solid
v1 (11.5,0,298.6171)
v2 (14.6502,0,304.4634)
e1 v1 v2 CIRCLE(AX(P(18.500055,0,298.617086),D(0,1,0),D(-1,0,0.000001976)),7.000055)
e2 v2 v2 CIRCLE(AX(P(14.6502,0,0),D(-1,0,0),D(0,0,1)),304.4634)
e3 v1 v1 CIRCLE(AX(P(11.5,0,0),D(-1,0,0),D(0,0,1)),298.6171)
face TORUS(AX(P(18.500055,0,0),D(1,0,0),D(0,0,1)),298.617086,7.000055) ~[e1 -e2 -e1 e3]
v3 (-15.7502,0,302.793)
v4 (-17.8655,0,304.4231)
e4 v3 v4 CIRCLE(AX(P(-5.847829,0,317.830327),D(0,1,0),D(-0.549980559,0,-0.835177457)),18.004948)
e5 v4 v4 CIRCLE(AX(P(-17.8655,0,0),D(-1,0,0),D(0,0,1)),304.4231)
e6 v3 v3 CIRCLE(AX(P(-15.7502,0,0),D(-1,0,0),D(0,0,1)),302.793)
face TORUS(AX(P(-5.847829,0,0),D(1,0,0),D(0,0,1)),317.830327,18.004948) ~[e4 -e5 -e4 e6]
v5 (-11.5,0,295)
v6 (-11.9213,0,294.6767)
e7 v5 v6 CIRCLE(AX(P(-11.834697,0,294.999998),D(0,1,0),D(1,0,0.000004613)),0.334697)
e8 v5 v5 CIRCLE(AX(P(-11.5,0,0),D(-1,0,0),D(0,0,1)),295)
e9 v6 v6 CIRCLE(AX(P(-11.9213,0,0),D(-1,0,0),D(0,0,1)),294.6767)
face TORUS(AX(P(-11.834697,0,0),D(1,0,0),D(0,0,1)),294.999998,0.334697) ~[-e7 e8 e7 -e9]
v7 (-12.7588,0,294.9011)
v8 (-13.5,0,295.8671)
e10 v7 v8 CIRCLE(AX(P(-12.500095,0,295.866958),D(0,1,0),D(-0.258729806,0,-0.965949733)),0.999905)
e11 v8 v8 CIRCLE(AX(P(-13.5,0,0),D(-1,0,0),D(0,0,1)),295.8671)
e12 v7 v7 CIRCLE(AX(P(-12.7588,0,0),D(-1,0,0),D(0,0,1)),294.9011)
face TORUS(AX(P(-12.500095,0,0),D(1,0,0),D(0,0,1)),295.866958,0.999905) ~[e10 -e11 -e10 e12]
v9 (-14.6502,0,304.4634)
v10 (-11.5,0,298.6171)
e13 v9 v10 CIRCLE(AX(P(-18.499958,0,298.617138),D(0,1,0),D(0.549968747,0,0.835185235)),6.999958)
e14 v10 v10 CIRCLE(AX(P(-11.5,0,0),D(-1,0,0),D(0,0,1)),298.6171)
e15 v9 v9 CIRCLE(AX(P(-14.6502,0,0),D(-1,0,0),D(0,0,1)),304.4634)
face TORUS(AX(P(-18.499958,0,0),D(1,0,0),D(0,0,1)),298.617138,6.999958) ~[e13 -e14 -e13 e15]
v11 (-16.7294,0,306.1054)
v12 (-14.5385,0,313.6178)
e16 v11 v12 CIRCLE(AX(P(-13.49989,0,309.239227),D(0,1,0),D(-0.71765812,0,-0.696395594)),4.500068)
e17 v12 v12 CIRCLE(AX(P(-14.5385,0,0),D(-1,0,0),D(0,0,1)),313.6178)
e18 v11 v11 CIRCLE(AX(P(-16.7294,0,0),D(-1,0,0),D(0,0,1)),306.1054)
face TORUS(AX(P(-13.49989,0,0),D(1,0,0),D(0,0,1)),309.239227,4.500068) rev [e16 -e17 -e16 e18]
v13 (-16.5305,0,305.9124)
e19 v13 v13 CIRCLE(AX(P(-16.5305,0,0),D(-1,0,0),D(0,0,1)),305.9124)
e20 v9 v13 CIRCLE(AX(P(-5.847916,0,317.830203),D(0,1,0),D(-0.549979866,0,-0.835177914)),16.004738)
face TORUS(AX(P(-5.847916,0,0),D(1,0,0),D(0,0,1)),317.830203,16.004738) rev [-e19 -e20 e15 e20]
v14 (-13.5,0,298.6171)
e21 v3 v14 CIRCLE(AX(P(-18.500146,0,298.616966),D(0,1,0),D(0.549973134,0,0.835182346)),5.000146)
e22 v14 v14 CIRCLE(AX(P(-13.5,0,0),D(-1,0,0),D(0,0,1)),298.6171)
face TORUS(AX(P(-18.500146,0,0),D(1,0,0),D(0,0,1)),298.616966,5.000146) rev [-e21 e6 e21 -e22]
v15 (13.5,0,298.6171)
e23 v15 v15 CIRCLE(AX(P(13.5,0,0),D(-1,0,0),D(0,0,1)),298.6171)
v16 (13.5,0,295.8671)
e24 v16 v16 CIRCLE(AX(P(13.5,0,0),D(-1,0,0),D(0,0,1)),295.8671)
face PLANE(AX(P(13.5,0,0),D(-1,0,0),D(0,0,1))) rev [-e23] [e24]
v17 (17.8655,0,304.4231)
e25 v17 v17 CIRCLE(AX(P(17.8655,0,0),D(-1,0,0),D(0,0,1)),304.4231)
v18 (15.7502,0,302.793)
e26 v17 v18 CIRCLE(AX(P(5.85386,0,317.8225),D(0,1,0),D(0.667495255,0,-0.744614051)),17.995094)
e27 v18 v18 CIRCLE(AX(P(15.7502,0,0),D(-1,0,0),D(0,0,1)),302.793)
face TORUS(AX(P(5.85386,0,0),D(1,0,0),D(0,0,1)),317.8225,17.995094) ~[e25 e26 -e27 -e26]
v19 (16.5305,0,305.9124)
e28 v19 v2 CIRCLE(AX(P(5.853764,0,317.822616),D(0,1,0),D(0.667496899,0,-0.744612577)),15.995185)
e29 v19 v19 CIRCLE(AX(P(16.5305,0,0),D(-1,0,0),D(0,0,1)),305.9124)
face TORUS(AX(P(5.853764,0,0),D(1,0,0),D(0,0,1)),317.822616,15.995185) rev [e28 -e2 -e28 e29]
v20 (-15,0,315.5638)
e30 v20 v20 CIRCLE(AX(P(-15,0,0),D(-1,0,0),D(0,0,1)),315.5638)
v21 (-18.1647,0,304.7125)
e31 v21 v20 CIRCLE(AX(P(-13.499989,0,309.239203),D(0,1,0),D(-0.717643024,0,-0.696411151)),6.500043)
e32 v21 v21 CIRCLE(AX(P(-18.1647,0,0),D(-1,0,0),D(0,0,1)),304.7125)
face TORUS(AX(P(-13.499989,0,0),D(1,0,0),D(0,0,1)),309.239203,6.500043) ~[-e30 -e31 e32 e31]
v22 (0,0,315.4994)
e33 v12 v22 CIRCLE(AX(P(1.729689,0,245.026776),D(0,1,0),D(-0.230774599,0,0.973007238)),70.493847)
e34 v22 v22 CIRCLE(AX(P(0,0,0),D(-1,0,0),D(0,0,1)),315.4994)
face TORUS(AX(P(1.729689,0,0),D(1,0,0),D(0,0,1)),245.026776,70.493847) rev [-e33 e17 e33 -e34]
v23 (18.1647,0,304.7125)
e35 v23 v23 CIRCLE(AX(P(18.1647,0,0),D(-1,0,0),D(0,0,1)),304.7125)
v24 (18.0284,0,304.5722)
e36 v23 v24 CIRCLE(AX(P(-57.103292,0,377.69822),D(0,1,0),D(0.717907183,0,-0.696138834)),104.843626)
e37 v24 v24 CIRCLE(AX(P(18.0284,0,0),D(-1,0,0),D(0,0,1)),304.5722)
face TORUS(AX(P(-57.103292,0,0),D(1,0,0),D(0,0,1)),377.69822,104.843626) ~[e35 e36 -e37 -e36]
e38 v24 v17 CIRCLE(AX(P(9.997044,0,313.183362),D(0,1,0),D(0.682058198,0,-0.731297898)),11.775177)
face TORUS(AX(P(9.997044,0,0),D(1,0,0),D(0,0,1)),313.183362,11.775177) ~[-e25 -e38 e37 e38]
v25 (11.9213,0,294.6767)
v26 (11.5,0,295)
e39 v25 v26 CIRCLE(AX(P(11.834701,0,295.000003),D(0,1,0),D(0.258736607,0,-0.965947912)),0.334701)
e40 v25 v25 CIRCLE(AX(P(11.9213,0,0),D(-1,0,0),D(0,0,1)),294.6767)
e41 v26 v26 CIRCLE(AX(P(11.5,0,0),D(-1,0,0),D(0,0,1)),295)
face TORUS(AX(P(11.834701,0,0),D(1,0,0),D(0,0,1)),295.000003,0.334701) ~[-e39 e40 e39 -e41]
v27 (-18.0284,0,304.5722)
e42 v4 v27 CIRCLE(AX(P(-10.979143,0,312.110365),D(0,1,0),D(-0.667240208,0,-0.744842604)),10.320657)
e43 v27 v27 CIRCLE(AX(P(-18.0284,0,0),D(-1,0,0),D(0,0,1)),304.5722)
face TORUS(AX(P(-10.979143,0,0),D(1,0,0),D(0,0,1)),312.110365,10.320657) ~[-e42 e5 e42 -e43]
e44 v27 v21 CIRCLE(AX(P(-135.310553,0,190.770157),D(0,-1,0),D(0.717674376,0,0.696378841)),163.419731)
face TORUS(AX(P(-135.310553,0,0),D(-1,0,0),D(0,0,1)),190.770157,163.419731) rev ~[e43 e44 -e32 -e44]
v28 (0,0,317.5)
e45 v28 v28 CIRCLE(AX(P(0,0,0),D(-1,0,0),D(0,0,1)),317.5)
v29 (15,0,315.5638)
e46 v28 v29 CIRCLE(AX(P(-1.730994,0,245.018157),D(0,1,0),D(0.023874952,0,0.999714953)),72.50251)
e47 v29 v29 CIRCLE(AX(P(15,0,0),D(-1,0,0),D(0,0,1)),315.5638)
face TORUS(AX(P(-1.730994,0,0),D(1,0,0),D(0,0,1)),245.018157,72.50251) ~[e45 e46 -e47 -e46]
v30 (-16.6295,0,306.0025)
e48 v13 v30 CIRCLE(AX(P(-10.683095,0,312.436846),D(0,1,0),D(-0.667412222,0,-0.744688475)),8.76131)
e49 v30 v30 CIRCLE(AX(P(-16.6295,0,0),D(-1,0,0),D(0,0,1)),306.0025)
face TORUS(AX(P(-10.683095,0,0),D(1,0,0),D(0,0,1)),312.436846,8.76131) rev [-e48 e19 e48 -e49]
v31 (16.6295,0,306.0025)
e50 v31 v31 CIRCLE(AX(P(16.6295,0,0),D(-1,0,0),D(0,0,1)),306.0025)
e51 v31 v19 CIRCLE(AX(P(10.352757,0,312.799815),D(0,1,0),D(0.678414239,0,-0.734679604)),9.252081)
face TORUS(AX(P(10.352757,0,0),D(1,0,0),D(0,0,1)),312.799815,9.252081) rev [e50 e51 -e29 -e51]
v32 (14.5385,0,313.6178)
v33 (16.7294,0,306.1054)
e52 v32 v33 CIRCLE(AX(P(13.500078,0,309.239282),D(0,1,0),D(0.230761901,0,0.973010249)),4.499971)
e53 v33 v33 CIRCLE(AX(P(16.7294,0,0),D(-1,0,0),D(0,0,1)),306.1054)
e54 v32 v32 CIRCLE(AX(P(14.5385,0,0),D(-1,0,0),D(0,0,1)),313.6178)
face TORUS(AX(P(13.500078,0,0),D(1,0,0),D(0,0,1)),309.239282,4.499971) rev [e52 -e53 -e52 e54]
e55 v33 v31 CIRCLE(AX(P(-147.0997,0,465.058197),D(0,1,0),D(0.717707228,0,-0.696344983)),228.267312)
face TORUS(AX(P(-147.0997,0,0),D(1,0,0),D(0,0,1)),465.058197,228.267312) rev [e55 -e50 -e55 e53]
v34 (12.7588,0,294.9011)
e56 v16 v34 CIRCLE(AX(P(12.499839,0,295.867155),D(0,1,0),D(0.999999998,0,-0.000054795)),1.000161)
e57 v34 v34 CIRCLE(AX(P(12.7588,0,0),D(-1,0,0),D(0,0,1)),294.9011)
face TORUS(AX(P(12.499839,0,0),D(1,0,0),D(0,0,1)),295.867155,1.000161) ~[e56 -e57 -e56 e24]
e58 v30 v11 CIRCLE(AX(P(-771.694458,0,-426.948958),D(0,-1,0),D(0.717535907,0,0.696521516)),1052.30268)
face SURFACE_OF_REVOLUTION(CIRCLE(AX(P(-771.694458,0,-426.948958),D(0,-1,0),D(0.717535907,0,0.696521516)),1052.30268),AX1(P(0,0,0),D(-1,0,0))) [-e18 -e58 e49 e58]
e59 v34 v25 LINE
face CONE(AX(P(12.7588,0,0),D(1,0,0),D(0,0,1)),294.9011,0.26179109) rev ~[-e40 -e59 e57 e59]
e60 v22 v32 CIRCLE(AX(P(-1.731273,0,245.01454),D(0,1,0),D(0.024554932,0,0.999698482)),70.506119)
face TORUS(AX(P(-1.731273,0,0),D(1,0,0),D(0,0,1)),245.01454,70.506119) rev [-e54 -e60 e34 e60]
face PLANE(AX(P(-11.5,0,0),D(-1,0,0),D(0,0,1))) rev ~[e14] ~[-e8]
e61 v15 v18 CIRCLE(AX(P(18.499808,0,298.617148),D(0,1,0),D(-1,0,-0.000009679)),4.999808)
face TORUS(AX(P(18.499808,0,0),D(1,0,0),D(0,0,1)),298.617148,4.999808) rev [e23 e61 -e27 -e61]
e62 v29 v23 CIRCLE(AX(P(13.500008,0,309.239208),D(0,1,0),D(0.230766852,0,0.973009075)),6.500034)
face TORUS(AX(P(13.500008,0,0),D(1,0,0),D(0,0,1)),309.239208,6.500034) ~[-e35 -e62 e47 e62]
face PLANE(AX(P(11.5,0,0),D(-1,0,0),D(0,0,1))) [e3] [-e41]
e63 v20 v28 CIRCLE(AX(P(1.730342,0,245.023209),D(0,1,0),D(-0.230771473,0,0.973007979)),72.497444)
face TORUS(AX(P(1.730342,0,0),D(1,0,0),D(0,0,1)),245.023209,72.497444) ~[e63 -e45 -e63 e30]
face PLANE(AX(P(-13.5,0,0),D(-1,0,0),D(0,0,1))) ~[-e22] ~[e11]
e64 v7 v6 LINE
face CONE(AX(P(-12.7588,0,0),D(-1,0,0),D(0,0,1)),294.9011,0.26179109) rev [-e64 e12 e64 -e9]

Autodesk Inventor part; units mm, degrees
ref_plane "YZ Plane" through (0, 0, 0) normal (1, 0, 0) x (0, 1, 0)
ref_plane "XZ Plane" through (0, 0, 0) normal (0, 1, 0) x (-1, 0, 0)
ref_plane "XY Plane" through (0, 0, 0) normal (0, 0, 1) x (1, 0, 0)
sketch "Szkic2" plane through (0, 0, 0) normal (0, 1, 0) x (-1, 0, 0)
  line L0 (-9.2588, 293.9633) -> (-12.7588, 294.9011) construction
  line L1 (-13.5, 298.6171) -> (-13.5, -298.6171) construction
  arc A0 (-13.5, 298.6171) -> (-13.9679, 299.9026) centre (-15.5, 298.6171) ccw construction
  arc A1 (-13.5, 295.8671) -> (-12.7588, 294.9011) centre (-12.5, 295.8671) ccw
  line L2 (-13.9679, 299.9026) -> (-16.0424, 302.375) construction
  line L3 (-13.5, 295.8671) -> (-13.5, 298.6171)
  line L4 (-12.7588, 294.9011) -> (-11.9213, 294.6767)
  arc A2 (-11.9213, 294.6767) -> (-11.5, 295) centre (-11.8347, 295) ccw
  arc A3 (-13.5, 298.6171) -> (-15.7502, 302.793) centre (-18.5, 298.6171) ccw
  arc A4 (-18.0284, 304.5722) -> (-17.8655, 304.4231) centre (-10.5231, 312.614) ccw
  arc A5 (-18.1647, 304.7125) -> (-18.0284, 304.5722) centre (401.6551, 712.1145) ccw
  arc A6 (0, 317.5) -> (-15, 315.5638) centre (1.7308, 245.0207) ccw
  arc A7 (-17.8655, 304.4231) -> (-15.7502, 302.793) centre (-5.8507, 317.8263) ccw
  arc A8 (-15, 315.5638) -> (-18.1647, 304.7125) centre (-13.5, 309.2392) ccw
  line L5 (0, 317.5) -> (0, 0) construction
  arc A9 (-11.5, 298.6171) -> (-14.6502, 304.4634) centre (-18.5, 298.6171) ccw
  arc A10 (-16.5305, 305.9124) -> (-14.6502, 304.4634) centre (-5.8507, 317.8263) ccw
  arc A11 (-16.6295, 306.0025) -> (-16.5305, 305.9124) centre (-10.5231, 312.614) ccw
  arc A12 (-16.7294, 306.1054) -> (-16.6295, 306.0025) centre (401.6551, 712.1145) ccw
  arc A13 (-14.5385, 313.6178) -> (-16.7294, 306.1054) centre (-13.5, 309.2392) ccw
  arc A14 (0, 315.4994) -> (-14.5385, 313.6178) centre (1.7308, 245.0207) ccw
  line L6 (-11.5, 298.6171) -> (-11.5, 295)
  line L7 (9.2588, 293.9633) -> (12.7588, 294.9011) construction
  arc A15 (13.9679, 299.9026) -> (13.5, 298.6171) centre (15.5, 298.6171) ccw construction
  arc A16 (12.7588, 294.9011) -> (13.5, 295.8671) centre (12.5, 295.8671) ccw
  line L8 (13.9679, 299.9026) -> (16.0424, 302.375) construction
  line L9 (13.5, 295.8671) -> (13.5, 298.6171)
  line L10 (12.7588, 294.9011) -> (11.9213, 294.6767)
  arc A17 (11.5, 295) -> (11.9213, 294.6767) centre (11.8347, 295) ccw
  arc A18 (15.7502, 302.793) -> (13.5, 298.6171) centre (18.5, 298.6171) ccw
  arc A19 (17.8655, 304.4231) -> (18.0284, 304.5722) centre (10.5231, 312.614) ccw
  arc A20 (18.0284, 304.5722) -> (18.1647, 304.7125) centre (-401.6551, 712.1145) ccw
  arc A21 (15, 315.5638) -> (0, 317.5) centre (-1.7308, 245.0207) ccw
  arc A22 (15.7502, 302.793) -> (17.8655, 304.4231) centre (5.8507, 317.8263) ccw
  arc A23 (18.1647, 304.7125) -> (15, 315.5638) centre (13.5, 309.2392) ccw
  arc A24 (14.6502, 304.4634) -> (11.5, 298.6171) centre (18.5, 298.6171) ccw
  arc A25 (14.6502, 304.4634) -> (16.5305, 305.9124) centre (5.8507, 317.8263) ccw
  arc A26 (16.5305, 305.9124) -> (16.6295, 306.0025) centre (10.5231, 312.614) ccw
  arc A27 (16.6295, 306.0025) -> (16.7294, 306.1054) centre (-401.6551, 712.1145) ccw
  arc A28 (16.7294, 306.1054) -> (14.5385, 313.6178) centre (13.5, 309.2392) ccw
  arc A29 (14.5385, 313.6178) -> (0, 315.4994) centre (-1.7308, 245.0207) ccw
  line L11 (11.5, 298.6171) -> (11.5, 295)
  line L12 (0, 0) -> (27.783, 0) construction
  dimension "d3" = 317.5
  dimension "d4" = 72.5
  dimension "d5" = 6.5
  dimension "d7" = 585
  dimension "d8" = 11
  dimension "d9" = 18
  dimension "d10" = 5
  dimension "d11" = 15
  dimension "d12" = 22.5
  dimension "d13" = 2
  dimension "d15" = 2
  dimension "d16" = 40
revolve "Obrót1" add sketch "Szkic2" angle 360 about axis through (0, 0, 0) along (-1, 0, 0)
properties part number "Opona_koła_tylnego" material "Aluminium AW-7020"
